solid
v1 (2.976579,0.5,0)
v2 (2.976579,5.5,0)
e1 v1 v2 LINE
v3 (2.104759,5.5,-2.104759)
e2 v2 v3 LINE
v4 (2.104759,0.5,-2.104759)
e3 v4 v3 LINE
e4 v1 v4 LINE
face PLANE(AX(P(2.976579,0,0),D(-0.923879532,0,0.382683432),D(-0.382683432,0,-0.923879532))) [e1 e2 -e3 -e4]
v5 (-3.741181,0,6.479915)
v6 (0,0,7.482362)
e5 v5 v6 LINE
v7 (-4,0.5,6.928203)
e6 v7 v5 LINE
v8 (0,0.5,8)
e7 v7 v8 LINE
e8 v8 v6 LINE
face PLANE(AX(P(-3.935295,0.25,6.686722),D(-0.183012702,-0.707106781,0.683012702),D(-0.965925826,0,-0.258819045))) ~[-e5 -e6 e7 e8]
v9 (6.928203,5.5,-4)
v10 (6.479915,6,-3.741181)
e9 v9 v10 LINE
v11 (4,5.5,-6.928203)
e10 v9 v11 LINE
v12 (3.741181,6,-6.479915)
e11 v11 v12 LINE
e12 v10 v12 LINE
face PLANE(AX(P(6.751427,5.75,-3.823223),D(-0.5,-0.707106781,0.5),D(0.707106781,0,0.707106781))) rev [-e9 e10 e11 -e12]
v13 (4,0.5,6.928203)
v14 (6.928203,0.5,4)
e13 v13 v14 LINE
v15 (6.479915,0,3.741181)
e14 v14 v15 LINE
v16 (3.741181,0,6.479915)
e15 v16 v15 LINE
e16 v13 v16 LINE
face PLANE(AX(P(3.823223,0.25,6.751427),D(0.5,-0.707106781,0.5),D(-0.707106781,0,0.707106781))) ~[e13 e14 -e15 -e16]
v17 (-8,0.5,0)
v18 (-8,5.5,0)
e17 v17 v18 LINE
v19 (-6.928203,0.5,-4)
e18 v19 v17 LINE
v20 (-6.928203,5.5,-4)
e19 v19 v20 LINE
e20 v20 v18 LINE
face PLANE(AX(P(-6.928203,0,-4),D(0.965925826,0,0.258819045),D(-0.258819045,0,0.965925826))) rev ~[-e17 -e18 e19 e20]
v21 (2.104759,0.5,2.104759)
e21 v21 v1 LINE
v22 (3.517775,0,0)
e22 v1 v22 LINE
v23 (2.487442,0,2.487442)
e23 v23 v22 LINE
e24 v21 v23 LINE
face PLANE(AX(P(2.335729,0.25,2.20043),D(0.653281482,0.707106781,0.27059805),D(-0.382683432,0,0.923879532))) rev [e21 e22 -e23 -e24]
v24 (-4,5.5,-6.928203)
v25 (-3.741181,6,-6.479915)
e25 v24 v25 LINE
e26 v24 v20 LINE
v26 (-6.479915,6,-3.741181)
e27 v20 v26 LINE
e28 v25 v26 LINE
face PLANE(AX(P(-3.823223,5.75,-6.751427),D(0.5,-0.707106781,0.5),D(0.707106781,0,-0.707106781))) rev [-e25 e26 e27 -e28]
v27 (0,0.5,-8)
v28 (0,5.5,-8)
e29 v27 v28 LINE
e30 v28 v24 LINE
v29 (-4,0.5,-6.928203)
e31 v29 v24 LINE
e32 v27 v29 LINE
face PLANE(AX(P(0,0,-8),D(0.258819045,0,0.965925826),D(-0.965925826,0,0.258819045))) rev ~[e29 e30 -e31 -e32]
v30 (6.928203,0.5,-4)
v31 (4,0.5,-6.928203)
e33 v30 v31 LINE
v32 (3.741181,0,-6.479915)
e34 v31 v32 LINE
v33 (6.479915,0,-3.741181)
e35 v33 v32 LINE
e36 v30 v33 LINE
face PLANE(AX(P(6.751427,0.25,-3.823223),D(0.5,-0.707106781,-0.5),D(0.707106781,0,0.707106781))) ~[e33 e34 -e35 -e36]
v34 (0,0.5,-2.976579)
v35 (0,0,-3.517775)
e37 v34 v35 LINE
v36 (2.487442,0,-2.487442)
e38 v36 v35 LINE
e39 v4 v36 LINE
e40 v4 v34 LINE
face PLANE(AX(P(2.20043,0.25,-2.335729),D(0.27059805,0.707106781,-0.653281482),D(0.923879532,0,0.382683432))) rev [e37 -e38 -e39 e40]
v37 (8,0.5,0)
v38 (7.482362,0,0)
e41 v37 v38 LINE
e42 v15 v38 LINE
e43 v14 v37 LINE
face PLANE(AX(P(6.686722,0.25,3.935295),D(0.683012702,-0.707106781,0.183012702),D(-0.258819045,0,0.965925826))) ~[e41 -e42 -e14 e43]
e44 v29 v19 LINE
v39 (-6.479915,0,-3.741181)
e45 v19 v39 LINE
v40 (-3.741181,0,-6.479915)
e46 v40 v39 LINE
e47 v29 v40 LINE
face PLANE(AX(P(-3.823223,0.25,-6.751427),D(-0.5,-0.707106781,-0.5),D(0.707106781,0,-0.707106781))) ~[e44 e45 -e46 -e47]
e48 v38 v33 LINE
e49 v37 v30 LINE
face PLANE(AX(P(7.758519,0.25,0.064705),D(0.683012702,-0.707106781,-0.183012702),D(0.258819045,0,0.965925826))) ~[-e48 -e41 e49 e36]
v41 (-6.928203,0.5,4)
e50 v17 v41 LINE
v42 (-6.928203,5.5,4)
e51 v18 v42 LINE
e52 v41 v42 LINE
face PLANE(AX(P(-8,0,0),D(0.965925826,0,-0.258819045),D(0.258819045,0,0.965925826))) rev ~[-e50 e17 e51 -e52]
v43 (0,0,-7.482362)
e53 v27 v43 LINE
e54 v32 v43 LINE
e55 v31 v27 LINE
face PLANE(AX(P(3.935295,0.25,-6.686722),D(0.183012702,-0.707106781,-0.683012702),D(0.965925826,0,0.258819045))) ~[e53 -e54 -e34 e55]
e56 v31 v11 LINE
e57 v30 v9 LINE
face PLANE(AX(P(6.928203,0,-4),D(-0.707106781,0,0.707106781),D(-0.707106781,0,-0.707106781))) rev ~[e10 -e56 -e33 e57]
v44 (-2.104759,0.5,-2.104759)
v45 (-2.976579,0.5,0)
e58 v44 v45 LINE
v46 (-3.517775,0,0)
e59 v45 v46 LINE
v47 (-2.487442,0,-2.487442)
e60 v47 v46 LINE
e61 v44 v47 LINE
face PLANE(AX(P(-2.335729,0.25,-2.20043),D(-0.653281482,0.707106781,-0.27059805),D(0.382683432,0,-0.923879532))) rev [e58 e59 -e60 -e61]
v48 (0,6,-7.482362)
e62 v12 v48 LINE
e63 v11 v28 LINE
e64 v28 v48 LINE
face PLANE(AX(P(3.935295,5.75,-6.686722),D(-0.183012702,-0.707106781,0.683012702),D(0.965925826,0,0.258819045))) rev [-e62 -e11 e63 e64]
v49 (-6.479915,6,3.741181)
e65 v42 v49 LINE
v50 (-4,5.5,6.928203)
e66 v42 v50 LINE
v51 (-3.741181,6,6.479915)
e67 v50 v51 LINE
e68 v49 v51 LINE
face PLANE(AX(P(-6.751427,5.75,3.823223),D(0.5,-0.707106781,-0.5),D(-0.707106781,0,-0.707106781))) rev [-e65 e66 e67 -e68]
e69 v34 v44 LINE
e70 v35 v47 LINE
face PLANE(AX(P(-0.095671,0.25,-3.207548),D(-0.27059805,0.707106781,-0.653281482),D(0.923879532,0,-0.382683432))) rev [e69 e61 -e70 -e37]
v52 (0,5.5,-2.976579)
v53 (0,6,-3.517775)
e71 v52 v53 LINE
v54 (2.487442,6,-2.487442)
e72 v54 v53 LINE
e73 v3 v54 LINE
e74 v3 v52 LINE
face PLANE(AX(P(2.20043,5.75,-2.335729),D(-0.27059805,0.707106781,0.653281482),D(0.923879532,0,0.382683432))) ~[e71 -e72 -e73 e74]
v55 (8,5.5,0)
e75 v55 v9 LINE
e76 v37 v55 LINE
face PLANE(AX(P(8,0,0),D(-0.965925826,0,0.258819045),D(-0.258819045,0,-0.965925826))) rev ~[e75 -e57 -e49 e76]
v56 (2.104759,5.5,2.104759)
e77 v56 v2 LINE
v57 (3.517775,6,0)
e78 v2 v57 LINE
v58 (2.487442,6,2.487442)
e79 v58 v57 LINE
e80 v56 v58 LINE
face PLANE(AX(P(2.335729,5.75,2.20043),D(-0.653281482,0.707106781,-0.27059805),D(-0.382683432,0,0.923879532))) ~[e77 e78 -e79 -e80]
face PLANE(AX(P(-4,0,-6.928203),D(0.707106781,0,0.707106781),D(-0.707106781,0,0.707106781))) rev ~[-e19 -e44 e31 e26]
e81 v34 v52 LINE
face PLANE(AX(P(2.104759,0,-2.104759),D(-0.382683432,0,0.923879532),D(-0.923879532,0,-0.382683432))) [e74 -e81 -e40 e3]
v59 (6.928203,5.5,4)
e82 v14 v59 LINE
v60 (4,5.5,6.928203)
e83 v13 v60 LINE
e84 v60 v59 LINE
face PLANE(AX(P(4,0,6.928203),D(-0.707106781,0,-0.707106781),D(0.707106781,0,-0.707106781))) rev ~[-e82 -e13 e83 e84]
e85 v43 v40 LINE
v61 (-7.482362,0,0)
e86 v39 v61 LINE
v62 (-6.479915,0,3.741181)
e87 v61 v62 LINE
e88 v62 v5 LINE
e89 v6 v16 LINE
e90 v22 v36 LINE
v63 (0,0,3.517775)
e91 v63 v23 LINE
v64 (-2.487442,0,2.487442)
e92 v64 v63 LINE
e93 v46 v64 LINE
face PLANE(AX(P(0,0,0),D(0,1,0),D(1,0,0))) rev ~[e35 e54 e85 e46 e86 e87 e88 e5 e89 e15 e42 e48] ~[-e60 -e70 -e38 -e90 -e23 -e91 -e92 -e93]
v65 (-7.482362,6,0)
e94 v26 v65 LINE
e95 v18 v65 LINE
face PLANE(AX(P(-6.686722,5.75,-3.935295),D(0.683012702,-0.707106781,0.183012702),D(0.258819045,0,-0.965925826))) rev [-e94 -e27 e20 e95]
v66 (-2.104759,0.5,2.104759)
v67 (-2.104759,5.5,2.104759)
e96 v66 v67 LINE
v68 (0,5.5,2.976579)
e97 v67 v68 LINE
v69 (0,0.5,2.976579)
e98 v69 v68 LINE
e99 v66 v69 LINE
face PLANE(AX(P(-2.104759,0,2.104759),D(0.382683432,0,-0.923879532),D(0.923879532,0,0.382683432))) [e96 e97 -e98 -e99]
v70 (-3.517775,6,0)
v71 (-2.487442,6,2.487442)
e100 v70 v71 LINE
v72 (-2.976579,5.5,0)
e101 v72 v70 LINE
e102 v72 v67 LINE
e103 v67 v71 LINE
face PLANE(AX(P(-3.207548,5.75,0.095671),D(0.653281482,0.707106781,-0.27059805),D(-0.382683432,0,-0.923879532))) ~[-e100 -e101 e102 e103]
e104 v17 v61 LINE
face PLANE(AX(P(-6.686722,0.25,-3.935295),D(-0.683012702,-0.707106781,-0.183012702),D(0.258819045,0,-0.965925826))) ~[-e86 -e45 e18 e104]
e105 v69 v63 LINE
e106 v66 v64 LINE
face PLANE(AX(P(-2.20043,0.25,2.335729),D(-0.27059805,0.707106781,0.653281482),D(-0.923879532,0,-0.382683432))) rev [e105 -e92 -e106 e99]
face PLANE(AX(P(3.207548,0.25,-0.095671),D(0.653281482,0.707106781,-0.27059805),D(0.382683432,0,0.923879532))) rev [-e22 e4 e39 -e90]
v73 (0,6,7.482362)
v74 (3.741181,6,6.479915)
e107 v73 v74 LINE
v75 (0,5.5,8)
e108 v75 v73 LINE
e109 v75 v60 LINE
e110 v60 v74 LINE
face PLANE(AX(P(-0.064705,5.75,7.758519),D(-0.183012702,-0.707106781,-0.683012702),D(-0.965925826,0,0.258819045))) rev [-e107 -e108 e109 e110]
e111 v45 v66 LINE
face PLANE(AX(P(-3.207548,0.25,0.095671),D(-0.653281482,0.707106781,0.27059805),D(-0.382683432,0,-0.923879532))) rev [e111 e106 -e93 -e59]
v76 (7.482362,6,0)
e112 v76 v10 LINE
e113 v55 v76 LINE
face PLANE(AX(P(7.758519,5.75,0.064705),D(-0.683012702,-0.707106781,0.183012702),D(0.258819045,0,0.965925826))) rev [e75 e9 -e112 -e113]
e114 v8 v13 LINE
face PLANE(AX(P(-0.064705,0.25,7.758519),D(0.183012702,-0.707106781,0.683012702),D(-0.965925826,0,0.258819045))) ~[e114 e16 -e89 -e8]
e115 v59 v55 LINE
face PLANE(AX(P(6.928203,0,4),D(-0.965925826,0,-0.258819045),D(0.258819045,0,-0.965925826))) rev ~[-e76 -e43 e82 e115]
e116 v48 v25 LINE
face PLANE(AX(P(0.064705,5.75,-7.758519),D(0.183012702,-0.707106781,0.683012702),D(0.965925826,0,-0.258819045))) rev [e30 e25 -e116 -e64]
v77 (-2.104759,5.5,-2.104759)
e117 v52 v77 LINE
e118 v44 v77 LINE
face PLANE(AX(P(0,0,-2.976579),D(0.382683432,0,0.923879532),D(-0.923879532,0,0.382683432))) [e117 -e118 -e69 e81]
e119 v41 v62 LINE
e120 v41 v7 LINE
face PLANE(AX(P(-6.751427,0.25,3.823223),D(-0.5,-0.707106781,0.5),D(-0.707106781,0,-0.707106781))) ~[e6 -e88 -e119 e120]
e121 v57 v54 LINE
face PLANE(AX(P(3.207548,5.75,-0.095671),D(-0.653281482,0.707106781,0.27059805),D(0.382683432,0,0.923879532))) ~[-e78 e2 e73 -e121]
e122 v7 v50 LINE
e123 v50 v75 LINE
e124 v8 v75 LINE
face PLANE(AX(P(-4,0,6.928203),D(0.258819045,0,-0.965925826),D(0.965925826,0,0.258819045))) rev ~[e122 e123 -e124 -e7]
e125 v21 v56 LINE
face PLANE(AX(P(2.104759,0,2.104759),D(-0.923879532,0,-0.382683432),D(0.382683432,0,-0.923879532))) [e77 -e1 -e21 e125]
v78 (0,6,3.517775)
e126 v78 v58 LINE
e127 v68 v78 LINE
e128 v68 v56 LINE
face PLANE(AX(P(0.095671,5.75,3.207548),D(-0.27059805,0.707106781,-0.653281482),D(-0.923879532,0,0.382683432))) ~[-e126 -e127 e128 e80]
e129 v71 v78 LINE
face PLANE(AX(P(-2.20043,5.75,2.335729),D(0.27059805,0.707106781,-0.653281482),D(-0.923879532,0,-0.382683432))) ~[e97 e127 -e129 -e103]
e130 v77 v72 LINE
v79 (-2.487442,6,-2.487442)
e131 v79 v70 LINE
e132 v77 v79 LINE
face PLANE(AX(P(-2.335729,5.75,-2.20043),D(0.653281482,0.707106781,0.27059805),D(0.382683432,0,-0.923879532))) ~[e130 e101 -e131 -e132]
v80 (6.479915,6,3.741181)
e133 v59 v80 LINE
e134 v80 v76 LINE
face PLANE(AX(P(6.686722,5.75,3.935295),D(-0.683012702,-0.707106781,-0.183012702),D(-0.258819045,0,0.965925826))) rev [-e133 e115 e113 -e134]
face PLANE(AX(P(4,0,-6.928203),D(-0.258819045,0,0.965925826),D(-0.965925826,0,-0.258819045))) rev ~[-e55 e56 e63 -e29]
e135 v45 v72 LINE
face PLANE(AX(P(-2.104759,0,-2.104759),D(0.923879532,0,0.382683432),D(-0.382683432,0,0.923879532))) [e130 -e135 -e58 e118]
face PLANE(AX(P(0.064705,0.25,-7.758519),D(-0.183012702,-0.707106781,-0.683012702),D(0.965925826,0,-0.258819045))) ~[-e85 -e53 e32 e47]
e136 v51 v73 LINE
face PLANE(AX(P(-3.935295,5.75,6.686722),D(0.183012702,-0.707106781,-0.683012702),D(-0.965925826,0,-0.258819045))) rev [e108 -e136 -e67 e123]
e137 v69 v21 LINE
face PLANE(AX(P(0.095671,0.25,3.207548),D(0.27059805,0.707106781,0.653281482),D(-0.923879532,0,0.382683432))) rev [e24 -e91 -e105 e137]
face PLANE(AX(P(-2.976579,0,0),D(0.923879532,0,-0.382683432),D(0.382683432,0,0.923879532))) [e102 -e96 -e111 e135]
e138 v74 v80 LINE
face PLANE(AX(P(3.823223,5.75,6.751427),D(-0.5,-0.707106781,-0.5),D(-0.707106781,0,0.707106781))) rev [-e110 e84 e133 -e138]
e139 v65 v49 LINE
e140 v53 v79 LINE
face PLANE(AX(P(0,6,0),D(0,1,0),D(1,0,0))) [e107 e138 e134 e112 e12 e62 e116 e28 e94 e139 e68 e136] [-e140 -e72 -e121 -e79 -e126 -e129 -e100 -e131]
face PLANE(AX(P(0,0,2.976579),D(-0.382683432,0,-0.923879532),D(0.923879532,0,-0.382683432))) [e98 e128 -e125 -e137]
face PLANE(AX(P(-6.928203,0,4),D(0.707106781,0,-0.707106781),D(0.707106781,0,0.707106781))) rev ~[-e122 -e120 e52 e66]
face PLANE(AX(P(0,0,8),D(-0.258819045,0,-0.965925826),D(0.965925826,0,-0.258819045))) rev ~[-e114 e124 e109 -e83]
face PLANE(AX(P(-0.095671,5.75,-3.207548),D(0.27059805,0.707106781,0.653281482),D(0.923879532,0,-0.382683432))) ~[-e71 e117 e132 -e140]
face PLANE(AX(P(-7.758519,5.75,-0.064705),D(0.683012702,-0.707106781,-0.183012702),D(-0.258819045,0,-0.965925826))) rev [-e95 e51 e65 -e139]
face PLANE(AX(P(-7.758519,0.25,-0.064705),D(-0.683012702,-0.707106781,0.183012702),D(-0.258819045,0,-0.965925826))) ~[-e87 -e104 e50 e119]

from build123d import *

# Parameters (mm, degrees)
BOSS_EXTRUDE1_DEPTH = 6
CHAMFER1_SIZE       = 0.5


with BuildPart() as part:
    # Sketch1 → Boss-Extrude1 (new body)
    with BuildSketch(Plane(origin=(0, 0, 0), x_dir=(1, 0, 0), z_dir=(0, 1, 0))):
        Polygon((8, 0), (6.92820323, 4), (4, 6.92820323), (0, 8), (-4, 6.92820323), (-6.92820323, 4), (-8, 0), (-6.92820323, -4), (-4, -6.92820323), (0, -8), (4, -6.92820323), (6.92820323, -4), align=None)
        Polygon((2.976578551, 0), (2.104758878, 2.104758878), (0, 2.976578551), (-2.104758878, 2.104758878), (-2.976578551, 0), (-2.104758878, -2.104758878), (0, -2.976578551), (2.104758878, -2.104758878), align=None, mode=Mode.SUBTRACT)
    extrude(amount=BOSS_EXTRUDE1_DEPTH)

    # Chamfer1
    chamfer1_edges = [part.edges().sort_by_distance(p)[0] for p in [
        (5.464101615, 6, -5.464101615),
        (5.464101615, 0, 5.464101615),
        (2, 0, 7.464101615),
        (-2, 0, 7.464101615),
        (-5.464101615, 0, 5.464101615),
        (-7.464101615, 0, 2),
        (-7.464101615, 0, -2),
        (2, 6, -7.464101615),
        (-5.464101615, 0, -5.464101615),
        (-2, 0, -7.464101615),
        (2, 0, -7.464101615),
        (5.464101615, 0, -5.464101615),
        (7.464101615, 0, -2),
        (7.464101615, 0, 2),
        (-2, 6, -7.464101615),
        (-5.464101615, 6, -5.464101615),
        (-7.464101615, 6, -2),
        (-7.464101615, 6, 2),
        (-5.464101615, 6, 5.464101615),
        (-2, 6, 7.464101615),
        (2, 6, 7.464101615),
        (2.540668714, 0, 1.052379439),
        (2.540668714, 0, -1.052379439),
        (1.052379439, 0, -2.540668714),
        (-1.052379439, 0, -2.540668714),
        (5.464101615, 6, 5.464101615),
        (-2.540668714, 0, -1.052379439),
        (-2.540668714, 0, 1.052379439),
        (-1.052379439, 0, 2.540668714),
        (1.052379439, 0, 2.540668714),
        (2.540668714, 6, 1.052379439),
        (2.540668714, 6, -1.052379439),
        (1.052379439, 6, -2.540668714),
        (-1.052379439, 6, -2.540668714),
        (7.464101615, 6, 2),
        (-2.540668714, 6, -1.052379439),
        (-2.540668714, 6, 1.052379439),
        (-1.052379439, 6, 2.540668714),
        (1.052379439, 6, 2.540668714),
        (7.464101615, 6, -2),
    ]]
    chamfer(chamfer1_edges, length=CHAMFER1_SIZE)


solid = part.part
